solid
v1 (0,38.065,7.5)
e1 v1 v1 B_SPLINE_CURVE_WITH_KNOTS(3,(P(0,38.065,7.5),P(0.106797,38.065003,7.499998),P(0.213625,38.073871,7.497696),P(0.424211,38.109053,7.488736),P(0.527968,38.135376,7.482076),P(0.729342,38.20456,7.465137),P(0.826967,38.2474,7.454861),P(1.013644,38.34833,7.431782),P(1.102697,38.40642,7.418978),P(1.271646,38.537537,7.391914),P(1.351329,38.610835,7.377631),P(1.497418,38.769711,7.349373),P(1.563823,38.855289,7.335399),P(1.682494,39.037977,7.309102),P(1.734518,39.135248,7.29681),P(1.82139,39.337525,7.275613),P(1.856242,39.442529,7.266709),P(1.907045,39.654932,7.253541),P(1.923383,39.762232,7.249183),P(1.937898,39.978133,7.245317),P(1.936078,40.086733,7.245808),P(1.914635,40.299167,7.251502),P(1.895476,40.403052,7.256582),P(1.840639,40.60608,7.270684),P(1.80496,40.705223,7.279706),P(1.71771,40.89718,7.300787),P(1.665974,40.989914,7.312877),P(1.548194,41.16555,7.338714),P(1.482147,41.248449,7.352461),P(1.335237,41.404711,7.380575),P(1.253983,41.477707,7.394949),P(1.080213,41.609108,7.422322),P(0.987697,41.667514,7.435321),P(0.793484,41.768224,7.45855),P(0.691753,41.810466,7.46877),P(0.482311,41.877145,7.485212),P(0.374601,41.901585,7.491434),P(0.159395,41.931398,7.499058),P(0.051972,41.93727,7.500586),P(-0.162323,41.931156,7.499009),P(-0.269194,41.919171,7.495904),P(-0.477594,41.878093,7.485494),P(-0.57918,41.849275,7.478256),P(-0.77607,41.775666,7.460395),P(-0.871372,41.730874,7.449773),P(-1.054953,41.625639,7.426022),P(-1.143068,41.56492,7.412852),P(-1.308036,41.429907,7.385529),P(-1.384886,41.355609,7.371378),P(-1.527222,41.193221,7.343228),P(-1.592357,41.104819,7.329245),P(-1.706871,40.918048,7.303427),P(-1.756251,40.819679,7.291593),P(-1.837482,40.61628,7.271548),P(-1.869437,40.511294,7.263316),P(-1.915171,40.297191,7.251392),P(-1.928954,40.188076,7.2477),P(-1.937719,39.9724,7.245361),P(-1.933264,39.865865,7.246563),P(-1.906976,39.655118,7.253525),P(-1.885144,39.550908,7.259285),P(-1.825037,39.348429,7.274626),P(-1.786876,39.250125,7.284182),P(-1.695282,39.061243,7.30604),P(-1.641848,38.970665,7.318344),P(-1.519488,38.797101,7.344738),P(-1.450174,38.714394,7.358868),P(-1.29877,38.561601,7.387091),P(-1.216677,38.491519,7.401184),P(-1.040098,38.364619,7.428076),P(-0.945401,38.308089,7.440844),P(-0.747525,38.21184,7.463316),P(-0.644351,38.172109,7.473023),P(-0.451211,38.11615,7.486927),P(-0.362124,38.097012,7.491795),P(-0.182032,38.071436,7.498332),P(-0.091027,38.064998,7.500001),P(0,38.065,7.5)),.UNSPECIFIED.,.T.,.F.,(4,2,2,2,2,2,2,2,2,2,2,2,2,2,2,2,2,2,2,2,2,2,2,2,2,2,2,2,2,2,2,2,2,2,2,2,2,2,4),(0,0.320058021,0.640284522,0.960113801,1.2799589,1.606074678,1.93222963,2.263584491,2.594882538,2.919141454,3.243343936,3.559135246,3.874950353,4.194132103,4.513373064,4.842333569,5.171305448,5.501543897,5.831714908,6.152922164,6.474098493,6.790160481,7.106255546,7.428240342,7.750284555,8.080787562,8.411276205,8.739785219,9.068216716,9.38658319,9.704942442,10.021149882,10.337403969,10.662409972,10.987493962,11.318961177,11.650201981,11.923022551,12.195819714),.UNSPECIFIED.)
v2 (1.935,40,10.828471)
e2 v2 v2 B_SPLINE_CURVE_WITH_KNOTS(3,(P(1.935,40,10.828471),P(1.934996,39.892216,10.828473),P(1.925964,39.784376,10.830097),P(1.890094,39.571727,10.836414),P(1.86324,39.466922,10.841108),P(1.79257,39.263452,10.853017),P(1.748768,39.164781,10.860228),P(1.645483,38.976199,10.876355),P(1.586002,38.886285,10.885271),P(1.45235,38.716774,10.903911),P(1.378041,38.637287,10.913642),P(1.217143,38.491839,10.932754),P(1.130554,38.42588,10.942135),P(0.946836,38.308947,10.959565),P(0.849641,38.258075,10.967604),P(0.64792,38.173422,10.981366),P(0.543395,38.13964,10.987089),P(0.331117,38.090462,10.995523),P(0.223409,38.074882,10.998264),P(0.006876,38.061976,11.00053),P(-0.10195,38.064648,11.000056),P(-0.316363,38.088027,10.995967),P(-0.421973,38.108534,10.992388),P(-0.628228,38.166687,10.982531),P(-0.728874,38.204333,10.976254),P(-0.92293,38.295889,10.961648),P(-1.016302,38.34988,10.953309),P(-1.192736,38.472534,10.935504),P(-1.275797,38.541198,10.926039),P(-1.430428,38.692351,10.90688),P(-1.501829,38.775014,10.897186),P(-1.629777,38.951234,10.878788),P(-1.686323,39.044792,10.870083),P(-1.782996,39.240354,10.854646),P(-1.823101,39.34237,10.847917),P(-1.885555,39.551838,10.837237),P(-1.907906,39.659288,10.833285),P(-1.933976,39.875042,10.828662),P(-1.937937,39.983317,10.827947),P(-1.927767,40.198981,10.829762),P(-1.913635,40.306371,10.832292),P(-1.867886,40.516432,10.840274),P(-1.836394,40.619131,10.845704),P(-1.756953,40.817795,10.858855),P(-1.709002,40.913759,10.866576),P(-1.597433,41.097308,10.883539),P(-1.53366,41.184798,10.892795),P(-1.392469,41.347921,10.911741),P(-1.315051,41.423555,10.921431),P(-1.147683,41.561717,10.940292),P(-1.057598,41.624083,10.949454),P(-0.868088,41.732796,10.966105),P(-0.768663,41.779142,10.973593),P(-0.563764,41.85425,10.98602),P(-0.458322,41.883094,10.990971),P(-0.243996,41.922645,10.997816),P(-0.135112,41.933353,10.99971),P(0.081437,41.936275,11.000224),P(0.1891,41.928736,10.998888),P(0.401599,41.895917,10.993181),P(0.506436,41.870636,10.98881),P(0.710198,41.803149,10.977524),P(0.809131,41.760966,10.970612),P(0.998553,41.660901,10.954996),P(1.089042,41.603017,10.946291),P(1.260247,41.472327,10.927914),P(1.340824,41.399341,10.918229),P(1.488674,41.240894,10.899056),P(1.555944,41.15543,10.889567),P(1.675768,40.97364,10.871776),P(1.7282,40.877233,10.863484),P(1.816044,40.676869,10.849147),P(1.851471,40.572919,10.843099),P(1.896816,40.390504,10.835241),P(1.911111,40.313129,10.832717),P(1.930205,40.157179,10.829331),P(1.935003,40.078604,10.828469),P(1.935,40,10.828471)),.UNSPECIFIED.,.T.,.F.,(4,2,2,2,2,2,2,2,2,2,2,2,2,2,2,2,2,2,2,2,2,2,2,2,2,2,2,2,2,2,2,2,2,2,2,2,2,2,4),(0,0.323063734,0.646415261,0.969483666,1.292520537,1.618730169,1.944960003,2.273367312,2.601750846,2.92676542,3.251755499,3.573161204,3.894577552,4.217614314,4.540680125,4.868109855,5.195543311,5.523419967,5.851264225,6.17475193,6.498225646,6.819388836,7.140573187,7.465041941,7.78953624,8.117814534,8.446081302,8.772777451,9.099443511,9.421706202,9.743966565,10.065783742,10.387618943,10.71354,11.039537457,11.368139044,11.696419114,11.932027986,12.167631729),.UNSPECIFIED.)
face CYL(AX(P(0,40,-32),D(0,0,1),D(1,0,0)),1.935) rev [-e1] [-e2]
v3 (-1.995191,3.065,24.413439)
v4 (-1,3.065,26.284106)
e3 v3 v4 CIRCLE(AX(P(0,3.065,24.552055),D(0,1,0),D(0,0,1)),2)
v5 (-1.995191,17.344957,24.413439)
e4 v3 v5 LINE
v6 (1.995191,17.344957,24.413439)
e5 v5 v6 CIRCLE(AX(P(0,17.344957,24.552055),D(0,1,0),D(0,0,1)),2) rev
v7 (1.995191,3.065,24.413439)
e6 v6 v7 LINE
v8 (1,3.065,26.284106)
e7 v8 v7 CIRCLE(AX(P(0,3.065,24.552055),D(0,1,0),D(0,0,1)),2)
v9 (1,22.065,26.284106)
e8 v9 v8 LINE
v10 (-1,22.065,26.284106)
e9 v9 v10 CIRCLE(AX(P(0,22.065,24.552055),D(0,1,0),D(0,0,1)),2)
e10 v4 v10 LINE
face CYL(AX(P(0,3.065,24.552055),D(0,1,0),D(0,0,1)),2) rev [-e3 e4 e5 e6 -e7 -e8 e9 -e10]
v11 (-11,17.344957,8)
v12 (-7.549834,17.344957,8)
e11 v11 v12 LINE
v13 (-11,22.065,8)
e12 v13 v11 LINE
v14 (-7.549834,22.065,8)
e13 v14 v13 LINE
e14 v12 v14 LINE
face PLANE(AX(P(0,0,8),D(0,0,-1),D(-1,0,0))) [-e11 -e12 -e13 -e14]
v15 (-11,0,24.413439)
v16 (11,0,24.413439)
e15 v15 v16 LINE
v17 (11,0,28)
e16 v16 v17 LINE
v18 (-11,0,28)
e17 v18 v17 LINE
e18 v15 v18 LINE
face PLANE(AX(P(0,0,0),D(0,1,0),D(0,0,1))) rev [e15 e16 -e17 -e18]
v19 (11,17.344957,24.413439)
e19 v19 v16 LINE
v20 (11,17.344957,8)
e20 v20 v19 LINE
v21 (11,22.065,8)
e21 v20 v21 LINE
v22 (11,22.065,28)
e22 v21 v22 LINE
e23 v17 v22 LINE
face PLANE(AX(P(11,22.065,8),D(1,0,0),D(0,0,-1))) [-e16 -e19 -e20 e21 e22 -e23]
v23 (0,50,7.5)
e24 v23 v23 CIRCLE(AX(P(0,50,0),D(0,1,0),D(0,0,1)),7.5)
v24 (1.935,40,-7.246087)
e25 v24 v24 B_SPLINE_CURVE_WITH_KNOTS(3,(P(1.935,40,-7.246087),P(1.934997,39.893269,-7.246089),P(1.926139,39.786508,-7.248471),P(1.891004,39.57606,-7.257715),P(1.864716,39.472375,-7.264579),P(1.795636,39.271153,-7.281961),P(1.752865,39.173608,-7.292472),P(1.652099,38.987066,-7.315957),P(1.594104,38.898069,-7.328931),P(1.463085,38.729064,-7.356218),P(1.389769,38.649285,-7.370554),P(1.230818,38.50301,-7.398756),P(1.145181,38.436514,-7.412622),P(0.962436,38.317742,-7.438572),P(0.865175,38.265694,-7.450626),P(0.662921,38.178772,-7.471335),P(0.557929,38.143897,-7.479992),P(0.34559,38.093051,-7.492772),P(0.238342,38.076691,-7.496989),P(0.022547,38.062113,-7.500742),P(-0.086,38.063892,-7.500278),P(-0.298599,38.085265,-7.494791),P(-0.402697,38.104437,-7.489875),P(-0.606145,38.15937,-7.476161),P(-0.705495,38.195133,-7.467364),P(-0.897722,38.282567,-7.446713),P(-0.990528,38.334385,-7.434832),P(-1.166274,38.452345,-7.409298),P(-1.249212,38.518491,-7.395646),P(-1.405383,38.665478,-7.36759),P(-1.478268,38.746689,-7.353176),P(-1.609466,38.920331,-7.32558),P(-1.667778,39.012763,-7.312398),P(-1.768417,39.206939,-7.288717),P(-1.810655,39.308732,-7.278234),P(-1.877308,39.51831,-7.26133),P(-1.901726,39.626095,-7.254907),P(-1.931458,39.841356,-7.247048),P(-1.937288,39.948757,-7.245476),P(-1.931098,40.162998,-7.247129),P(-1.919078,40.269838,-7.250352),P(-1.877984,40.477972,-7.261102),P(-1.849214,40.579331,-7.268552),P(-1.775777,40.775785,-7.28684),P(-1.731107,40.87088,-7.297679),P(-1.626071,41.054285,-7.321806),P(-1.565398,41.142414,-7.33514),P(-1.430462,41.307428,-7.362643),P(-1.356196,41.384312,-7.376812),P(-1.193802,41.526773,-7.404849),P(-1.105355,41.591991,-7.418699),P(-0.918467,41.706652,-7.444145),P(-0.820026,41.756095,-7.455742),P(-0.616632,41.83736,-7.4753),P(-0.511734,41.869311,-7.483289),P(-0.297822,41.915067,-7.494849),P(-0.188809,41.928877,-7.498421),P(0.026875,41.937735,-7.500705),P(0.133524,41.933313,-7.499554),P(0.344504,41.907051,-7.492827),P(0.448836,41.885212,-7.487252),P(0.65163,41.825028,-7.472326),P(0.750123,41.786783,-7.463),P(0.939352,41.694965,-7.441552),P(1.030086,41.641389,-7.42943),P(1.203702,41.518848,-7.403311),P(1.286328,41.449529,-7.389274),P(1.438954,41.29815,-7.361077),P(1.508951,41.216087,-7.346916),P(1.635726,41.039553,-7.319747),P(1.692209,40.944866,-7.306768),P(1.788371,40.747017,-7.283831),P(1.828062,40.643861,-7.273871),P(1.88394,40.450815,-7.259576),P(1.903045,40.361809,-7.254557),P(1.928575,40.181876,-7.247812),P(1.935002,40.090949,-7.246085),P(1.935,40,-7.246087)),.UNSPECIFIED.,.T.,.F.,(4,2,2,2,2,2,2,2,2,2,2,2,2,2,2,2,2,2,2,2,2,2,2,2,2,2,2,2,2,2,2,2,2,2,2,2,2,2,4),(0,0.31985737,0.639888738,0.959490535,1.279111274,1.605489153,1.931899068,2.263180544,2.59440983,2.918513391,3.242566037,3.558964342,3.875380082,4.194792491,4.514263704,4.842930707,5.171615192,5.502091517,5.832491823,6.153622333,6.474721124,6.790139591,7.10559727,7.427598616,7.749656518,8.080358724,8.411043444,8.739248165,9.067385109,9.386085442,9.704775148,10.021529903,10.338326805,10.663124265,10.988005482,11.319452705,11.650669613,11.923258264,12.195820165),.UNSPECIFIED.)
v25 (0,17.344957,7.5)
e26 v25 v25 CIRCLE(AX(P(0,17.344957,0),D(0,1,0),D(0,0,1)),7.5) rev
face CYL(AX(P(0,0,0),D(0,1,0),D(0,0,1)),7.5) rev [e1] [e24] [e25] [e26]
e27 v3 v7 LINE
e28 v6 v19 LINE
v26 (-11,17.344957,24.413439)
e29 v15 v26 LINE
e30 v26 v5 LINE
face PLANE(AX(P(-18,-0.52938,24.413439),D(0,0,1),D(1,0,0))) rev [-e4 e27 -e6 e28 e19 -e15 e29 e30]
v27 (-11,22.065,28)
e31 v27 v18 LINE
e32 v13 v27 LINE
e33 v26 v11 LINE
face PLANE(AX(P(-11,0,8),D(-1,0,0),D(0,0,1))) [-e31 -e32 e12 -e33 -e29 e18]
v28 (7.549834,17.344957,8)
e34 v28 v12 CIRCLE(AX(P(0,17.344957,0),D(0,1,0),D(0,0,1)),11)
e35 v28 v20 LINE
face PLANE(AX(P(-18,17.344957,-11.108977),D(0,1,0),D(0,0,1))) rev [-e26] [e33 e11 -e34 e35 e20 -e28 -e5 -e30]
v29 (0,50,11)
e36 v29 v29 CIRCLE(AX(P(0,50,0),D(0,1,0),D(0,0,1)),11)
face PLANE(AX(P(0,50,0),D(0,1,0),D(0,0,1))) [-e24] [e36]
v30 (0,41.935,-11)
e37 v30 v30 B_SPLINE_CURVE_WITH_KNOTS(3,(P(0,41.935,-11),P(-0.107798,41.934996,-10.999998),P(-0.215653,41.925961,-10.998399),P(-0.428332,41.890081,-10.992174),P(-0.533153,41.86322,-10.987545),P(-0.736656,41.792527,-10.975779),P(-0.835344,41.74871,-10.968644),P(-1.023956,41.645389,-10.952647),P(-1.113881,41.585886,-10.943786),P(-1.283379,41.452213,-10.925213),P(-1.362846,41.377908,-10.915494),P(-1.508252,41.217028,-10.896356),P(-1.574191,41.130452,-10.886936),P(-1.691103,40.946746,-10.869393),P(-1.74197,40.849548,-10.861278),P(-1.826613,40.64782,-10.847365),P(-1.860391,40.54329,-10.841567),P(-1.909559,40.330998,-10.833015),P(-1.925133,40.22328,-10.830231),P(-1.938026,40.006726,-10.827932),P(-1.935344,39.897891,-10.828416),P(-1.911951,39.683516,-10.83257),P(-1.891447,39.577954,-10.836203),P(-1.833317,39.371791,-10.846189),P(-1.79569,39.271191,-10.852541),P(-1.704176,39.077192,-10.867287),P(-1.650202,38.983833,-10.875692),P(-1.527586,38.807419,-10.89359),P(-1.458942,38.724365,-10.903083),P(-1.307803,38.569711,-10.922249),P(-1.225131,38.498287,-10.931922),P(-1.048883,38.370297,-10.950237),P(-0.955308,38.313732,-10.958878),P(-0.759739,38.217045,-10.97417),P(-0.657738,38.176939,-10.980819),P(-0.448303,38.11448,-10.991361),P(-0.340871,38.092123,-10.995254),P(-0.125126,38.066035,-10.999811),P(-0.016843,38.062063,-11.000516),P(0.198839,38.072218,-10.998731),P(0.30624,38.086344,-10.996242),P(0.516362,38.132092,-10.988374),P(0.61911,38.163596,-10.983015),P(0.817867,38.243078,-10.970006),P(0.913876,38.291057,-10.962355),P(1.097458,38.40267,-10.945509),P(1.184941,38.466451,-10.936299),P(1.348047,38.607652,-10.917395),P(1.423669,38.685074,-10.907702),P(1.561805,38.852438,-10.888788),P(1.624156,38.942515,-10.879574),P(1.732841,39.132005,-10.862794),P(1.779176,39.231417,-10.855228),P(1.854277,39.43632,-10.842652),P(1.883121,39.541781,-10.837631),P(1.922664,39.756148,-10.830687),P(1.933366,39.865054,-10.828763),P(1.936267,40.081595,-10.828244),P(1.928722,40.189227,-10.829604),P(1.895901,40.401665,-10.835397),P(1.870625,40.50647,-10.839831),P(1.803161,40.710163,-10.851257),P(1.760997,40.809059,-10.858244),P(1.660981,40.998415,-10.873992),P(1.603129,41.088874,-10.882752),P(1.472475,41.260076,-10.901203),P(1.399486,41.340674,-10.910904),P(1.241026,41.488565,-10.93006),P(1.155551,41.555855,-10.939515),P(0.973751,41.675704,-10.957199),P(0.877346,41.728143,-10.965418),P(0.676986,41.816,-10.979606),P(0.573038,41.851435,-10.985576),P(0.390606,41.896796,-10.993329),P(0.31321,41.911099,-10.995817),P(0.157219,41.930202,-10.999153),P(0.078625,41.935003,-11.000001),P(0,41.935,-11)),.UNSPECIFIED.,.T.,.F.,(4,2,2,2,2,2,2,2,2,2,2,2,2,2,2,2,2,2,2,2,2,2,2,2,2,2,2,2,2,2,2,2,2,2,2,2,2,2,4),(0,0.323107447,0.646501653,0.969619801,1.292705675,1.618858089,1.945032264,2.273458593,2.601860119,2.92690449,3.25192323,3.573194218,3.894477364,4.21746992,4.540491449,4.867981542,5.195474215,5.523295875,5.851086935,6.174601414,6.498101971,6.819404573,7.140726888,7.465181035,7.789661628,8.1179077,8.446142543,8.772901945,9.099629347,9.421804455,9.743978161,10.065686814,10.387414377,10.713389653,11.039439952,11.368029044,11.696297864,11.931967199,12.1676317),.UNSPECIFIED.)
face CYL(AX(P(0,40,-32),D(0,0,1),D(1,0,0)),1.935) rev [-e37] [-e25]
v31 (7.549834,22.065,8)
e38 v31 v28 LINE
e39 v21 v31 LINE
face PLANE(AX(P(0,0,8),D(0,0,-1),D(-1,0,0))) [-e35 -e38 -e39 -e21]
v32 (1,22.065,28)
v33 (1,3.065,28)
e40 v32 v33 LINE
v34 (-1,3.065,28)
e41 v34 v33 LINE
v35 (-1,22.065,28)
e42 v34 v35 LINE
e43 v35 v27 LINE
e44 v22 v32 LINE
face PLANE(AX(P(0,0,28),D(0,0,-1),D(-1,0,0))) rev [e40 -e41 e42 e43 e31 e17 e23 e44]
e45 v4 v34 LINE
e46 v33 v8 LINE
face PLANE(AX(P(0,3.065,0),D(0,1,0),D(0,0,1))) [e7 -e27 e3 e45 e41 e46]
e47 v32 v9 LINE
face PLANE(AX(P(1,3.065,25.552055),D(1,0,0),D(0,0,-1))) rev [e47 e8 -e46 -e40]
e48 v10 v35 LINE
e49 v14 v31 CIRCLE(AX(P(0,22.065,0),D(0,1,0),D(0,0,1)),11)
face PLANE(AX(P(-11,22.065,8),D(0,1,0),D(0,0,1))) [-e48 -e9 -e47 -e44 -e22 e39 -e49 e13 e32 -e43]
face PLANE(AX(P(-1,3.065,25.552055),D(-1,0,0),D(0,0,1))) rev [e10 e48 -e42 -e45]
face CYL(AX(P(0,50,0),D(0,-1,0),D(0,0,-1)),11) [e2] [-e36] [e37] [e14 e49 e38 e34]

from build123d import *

# Parameters (mm, degrees)
SKETCH_1_R           = 11
EXTRUDE_1_DEPTH      = 50
SKETCH_2_R           = 7.5
CUT_EXTRUDE_1_DEPTH  = 53.364109846
SKETCH_4_R           = 1.935
CUT_EXTRUDE_4_DEPTH  = 50
EXTRUDE_2_DEPTH      = 10
EXTRUDE_2_DEPTH_BACK = 10
SKETCH_11_W          = 22
SKETCH_11_H          = 22.065
SKETCH_35_W          = 2
SKETCH_35_H          = 4.895889032
CUT_EXTRUDE_5_DEPTH  = 19
SKETCH_36_R          = 2
CUT_EXTRUDE_6_DEPTH  = 19
SKETCH_38_W          = 35.522416841
SKETCH_38_H          = 17.874337136
CUT_EXTRUDE_7_DEPTH  = 29


with BuildPart() as part:
    # 草圖1 → 填料-伸長1 (new body)
    with BuildSketch(Plane(origin=(0, 0, 0), x_dir=(1, 0, 0), z_dir=(0, 1, 0))):
        Circle(SKETCH_1_R)
    extrude(amount=EXTRUDE_1_DEPTH)

    # 草圖2 → 除料-伸長1 (cut, through all)
    with BuildSketch(Plane(origin=(0, 50, 0), x_dir=(1, 0, 0), z_dir=(0, 1, 0))):
        Circle(SKETCH_2_R)
    extrude(amount=-CUT_EXTRUDE_1_DEPTH, mode=Mode.SUBTRACT)

    # 草圖4 → 除料-伸長4 (cut)
    with BuildSketch(Plane.XY.offset(18)):
        with Locations((0, 40)):
            Circle(SKETCH_4_R)
    extrude(amount=-CUT_EXTRUDE_4_DEPTH, mode=Mode.SUBTRACT)

    # 草圖11 → 填料-伸長2 (add, two sides: drawn at the far end of the back side and taken through both)
    with BuildSketch(Plane.XY.offset(18).offset(-EXTRUDE_2_DEPTH_BACK)):
        with Locations((0, 11.0325)):
            Rectangle(SKETCH_11_W, SKETCH_11_H)
    extrude(amount=EXTRUDE_2_DEPTH + EXTRUDE_2_DEPTH_BACK)

    # 草圖35 → 除料-伸長5 (cut)
    with BuildSketch(Plane(origin=(0, 22.065, 0), x_dir=(1, 0, 0), z_dir=(0, 1, 0))):
        with Locations((0, -28)):
            Rectangle(SKETCH_35_W, SKETCH_35_H)
    extrude(amount=-CUT_EXTRUDE_5_DEPTH, mode=Mode.SUBTRACT)

    # 草圖36 → 除料-伸長6 (cut)
    with BuildSketch(Plane(origin=(0, 22.065, 0), x_dir=(1, 0, 0), z_dir=(0, 1, 0))):
        with Locations((0, -24.552055484)):
            Circle(SKETCH_36_R)
    extrude(amount=-CUT_EXTRUDE_6_DEPTH, mode=Mode.SUBTRACT)

    # 草圖38 → 除料-伸長7 (cut)
    with BuildSketch(Plane(origin=(11, 0, 0), x_dir=(0, 0, -1), z_dir=(1, 0, 0))):
        with Locations((-6.652230971, 8.407788312)):
            Rectangle(SKETCH_38_W, SKETCH_38_H)
    extrude(amount=-CUT_EXTRUDE_7_DEPTH, mode=Mode.SUBTRACT)


solid = part.part
